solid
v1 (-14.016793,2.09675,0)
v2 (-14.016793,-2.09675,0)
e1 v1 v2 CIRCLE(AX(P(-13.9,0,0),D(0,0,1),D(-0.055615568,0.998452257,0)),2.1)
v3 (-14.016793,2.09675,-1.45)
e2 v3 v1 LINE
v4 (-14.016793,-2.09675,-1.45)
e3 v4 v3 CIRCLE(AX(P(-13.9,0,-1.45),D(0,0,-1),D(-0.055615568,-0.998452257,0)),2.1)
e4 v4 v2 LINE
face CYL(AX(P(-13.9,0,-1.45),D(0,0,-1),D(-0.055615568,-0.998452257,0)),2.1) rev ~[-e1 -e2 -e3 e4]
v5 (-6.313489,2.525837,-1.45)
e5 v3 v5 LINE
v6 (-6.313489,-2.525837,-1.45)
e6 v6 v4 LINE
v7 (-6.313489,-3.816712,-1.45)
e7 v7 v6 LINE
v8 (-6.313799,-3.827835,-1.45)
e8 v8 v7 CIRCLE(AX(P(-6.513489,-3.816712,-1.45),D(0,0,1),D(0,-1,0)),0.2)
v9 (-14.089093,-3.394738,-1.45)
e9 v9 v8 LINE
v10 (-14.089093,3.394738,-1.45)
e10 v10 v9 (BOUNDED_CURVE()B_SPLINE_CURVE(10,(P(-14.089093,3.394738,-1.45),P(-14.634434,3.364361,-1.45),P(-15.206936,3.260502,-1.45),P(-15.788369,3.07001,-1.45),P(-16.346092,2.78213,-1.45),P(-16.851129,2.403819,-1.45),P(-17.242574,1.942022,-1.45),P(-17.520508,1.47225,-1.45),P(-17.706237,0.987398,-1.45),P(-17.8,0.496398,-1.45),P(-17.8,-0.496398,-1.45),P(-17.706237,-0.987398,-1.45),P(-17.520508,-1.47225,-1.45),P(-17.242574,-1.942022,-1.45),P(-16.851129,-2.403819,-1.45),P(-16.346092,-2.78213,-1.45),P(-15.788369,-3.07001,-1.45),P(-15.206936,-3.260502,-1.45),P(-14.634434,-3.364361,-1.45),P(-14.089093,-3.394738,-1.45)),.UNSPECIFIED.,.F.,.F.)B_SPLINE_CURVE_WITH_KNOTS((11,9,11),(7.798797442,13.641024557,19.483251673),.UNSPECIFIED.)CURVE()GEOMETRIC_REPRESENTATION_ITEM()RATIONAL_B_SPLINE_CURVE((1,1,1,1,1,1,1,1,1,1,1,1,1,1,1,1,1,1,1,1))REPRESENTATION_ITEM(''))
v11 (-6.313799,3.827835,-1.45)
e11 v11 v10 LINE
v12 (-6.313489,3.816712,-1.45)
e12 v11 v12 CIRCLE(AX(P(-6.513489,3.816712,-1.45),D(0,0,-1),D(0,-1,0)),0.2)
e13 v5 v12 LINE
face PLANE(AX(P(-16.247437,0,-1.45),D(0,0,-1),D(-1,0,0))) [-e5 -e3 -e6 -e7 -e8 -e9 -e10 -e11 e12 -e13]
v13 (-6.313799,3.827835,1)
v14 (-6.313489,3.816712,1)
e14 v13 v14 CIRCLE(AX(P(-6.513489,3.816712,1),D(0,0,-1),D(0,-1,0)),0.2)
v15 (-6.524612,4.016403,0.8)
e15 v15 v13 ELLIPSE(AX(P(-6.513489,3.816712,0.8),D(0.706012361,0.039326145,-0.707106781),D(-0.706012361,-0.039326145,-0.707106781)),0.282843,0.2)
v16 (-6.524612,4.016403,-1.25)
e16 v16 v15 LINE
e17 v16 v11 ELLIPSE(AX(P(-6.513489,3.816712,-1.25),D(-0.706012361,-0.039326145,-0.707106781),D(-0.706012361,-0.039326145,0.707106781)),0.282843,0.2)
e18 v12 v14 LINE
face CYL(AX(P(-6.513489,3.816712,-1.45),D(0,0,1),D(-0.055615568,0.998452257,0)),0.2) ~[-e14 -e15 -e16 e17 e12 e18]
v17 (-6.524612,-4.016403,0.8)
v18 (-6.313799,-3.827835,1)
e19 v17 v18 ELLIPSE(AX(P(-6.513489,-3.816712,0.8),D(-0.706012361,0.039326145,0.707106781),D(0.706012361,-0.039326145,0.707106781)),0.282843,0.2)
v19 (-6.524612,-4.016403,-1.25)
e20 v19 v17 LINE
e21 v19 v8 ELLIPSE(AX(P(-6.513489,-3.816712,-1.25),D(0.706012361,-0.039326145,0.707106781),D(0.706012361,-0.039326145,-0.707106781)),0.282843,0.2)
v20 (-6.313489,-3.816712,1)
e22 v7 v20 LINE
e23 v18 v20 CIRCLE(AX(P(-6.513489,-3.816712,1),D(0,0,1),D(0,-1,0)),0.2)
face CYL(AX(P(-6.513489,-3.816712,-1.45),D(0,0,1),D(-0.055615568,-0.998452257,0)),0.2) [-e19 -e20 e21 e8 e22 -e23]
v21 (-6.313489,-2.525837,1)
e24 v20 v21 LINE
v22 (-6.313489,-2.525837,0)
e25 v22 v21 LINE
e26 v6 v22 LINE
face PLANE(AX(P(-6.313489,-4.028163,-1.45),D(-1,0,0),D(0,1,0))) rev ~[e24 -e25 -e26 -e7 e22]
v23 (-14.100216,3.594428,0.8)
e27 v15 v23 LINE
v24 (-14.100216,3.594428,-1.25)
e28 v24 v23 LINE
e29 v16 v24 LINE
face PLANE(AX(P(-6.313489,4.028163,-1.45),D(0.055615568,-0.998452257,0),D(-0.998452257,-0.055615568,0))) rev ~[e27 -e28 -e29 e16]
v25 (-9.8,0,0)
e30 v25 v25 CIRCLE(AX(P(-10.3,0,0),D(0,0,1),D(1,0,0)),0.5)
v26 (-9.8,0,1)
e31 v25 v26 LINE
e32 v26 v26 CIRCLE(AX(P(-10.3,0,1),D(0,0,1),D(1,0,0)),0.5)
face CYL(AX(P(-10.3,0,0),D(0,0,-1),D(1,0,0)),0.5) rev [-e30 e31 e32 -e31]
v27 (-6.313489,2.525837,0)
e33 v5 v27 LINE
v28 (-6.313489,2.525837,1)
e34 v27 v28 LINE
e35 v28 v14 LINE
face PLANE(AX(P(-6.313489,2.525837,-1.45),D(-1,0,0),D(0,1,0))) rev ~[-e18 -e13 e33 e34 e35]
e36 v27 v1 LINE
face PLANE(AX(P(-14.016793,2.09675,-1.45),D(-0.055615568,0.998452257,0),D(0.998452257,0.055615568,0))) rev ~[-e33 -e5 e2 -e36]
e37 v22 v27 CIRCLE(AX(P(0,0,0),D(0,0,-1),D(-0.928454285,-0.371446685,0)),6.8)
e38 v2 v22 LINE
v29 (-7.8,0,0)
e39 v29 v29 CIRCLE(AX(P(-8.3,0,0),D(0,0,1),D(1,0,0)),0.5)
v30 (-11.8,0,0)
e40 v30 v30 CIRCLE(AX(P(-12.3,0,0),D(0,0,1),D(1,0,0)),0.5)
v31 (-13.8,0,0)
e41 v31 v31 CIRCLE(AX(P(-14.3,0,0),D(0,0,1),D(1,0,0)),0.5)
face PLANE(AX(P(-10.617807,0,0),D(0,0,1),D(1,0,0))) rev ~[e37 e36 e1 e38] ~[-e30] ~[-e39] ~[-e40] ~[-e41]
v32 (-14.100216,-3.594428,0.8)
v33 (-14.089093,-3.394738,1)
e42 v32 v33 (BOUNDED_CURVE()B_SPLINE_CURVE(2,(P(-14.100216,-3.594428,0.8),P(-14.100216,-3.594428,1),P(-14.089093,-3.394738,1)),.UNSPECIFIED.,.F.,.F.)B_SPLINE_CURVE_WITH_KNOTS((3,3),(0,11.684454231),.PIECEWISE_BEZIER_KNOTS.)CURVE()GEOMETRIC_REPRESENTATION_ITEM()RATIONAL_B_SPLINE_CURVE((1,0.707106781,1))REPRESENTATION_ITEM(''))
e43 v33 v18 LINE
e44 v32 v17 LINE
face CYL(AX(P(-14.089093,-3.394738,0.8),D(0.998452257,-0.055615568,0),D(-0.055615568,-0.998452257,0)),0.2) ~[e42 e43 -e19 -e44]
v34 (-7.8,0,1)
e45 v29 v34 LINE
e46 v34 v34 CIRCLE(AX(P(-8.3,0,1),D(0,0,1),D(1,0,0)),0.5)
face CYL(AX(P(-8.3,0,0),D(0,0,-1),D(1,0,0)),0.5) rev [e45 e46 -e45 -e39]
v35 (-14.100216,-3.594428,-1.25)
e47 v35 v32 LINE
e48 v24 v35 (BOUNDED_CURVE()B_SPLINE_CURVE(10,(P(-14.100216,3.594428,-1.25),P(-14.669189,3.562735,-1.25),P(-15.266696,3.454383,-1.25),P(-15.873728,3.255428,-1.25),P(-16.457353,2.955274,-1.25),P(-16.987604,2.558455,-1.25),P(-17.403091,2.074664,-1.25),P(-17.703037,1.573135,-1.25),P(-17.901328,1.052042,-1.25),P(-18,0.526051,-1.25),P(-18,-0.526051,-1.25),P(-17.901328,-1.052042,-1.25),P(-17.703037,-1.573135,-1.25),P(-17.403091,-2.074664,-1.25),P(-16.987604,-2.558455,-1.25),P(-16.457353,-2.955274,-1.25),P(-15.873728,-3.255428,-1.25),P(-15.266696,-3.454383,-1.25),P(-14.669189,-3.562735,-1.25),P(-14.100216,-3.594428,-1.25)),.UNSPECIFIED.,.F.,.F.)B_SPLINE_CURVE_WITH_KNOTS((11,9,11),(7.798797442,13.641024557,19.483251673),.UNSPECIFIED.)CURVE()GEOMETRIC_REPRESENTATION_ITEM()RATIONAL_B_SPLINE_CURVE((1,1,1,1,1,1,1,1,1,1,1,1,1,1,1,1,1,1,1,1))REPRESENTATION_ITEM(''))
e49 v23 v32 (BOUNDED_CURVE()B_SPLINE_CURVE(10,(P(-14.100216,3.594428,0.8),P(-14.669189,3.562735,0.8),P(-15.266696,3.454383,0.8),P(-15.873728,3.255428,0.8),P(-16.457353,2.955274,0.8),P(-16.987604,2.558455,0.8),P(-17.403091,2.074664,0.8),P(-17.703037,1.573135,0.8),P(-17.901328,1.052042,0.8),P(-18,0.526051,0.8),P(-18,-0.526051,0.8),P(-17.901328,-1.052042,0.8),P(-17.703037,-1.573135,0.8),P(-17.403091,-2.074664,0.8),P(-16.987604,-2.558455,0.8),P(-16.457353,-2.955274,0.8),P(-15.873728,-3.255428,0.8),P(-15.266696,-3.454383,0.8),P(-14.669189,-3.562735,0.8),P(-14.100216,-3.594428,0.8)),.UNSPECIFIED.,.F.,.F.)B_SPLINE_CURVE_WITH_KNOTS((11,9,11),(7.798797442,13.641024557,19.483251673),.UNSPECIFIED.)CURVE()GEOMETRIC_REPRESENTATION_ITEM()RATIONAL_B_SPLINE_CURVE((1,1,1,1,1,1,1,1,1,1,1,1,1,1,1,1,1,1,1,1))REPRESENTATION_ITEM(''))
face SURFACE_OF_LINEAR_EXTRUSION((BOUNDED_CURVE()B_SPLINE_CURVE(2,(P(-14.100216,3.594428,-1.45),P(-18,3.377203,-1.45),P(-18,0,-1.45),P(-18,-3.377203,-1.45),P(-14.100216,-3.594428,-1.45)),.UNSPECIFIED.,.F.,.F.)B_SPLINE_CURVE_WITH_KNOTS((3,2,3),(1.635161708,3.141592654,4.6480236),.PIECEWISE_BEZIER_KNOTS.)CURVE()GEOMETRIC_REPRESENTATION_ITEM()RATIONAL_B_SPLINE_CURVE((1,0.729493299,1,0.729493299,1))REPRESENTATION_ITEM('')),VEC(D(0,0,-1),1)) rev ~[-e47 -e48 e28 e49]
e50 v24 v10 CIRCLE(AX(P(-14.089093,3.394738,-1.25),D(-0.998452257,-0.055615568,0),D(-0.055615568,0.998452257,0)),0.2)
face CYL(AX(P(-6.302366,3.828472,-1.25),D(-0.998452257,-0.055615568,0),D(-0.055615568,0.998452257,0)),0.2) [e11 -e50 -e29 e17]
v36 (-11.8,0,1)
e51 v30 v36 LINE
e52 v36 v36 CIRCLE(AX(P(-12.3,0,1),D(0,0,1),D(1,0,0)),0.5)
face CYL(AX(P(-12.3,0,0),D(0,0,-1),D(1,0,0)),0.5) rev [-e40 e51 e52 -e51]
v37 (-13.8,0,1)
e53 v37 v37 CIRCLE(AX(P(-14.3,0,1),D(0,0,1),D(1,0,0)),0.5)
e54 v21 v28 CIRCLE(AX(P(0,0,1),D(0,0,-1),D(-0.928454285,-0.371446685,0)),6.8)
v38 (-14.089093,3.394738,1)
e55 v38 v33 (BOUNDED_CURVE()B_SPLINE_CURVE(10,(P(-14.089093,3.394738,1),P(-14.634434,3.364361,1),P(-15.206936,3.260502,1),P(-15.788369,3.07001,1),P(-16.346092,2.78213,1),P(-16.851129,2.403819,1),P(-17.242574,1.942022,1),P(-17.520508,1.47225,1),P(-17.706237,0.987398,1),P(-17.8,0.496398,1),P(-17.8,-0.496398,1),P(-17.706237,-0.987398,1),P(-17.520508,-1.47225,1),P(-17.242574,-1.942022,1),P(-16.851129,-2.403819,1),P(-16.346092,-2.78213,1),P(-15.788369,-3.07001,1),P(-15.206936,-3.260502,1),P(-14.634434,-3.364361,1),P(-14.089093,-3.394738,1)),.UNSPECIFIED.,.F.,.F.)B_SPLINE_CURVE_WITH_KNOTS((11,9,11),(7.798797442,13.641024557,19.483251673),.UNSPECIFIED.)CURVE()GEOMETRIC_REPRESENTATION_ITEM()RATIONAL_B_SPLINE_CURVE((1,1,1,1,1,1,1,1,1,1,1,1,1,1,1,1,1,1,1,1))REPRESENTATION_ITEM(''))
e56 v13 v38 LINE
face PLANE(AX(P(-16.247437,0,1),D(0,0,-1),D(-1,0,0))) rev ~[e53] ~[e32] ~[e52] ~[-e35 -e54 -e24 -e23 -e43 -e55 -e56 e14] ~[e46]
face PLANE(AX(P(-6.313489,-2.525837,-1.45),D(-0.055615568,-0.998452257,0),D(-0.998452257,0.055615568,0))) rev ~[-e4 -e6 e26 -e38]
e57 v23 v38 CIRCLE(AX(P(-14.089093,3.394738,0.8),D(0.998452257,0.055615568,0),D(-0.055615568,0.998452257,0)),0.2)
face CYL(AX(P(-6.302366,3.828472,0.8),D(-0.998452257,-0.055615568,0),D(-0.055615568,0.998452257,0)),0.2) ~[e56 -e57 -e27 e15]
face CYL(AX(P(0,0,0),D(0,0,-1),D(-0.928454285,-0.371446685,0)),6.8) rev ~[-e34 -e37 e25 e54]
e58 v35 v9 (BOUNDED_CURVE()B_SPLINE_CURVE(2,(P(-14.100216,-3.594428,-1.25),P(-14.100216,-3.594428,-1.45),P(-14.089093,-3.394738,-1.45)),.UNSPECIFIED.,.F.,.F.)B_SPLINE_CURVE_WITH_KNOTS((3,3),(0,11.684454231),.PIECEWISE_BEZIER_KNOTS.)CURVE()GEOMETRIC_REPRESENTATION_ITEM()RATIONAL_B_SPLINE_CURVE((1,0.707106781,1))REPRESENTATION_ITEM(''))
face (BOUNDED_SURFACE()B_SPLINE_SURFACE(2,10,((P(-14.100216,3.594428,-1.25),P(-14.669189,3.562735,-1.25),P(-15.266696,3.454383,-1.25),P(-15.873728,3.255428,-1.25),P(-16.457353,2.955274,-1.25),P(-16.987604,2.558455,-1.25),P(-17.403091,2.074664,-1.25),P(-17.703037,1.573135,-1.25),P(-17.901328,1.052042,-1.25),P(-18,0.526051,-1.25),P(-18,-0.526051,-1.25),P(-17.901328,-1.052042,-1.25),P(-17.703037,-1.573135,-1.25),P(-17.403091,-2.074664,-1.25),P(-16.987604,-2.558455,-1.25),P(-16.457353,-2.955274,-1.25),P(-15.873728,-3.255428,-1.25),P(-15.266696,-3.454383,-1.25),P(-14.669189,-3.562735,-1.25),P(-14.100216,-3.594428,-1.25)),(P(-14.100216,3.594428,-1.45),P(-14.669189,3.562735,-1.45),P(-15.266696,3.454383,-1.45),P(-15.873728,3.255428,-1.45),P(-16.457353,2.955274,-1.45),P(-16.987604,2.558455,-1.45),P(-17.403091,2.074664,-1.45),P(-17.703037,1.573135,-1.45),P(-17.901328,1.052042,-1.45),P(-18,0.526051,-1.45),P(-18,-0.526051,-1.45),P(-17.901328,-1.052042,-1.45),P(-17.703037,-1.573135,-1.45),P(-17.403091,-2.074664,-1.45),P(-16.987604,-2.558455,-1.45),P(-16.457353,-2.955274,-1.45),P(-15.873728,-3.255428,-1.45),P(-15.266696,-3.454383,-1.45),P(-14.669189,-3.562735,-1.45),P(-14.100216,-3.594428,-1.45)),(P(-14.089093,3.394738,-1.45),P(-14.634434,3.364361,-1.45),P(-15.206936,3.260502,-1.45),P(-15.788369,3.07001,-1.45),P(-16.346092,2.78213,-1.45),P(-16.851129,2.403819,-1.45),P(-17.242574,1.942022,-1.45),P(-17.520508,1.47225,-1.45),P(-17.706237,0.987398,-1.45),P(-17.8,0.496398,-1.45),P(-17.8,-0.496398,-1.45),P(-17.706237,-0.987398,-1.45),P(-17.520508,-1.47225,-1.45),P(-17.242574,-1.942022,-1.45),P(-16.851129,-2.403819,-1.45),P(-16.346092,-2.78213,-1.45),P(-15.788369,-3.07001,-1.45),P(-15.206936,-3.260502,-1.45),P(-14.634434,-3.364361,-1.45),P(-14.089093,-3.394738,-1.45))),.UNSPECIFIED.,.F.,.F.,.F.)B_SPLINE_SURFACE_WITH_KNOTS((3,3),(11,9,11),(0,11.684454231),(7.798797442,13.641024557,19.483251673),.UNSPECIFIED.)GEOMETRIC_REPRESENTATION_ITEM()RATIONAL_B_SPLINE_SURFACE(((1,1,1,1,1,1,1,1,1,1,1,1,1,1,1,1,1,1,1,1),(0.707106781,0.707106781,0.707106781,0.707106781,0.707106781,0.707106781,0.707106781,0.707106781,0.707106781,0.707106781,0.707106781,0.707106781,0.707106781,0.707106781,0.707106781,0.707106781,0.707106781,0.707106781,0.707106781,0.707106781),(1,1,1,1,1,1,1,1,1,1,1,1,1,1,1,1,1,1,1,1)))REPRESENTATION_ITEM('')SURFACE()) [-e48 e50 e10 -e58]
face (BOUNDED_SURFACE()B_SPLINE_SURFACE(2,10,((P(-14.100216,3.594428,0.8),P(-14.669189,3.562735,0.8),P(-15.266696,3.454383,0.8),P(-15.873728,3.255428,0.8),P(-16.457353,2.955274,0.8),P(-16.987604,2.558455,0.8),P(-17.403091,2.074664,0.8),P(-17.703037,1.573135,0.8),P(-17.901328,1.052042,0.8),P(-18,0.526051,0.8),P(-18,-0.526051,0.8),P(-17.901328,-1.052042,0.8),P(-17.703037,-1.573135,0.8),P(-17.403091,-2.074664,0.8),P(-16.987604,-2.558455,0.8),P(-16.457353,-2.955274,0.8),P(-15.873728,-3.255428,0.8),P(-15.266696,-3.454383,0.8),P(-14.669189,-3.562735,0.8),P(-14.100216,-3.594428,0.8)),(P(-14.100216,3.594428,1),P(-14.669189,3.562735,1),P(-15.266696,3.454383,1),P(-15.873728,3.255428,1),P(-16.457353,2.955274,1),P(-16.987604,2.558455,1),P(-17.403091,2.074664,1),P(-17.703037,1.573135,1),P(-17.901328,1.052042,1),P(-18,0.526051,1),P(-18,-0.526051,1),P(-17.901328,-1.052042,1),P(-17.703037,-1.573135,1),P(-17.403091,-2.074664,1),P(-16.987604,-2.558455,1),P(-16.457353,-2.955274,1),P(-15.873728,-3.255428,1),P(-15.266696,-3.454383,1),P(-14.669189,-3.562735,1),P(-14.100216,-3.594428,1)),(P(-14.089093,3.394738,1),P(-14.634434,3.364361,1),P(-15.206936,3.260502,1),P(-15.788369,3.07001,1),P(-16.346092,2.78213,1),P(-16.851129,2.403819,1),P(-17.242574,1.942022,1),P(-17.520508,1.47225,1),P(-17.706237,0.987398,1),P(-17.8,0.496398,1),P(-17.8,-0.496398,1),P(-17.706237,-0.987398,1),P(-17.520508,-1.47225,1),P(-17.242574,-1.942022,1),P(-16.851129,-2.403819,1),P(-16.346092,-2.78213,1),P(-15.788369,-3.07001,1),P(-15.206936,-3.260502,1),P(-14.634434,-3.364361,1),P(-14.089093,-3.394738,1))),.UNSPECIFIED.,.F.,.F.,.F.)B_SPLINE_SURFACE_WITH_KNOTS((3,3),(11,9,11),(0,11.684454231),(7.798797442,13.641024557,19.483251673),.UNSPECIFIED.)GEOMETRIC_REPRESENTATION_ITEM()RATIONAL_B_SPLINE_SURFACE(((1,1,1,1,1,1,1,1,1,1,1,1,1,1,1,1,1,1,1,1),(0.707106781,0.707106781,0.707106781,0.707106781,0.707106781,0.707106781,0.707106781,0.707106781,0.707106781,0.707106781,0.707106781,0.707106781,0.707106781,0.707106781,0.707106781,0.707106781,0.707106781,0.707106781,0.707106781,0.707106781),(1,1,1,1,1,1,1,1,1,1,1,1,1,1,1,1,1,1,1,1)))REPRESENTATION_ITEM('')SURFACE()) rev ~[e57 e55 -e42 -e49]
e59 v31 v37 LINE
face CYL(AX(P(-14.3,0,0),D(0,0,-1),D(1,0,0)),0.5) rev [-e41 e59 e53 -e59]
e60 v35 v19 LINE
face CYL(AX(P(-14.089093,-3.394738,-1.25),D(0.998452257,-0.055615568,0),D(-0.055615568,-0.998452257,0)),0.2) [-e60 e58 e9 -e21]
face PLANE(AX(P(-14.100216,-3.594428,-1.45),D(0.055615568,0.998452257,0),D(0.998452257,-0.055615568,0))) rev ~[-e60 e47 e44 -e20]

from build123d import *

# Parameters (mm, degrees)
SKETCH_1_R         = 0.5
EXTRUDE_1_DEPTH    = 1
EXTRUDE_START      = -2.45
EXTRUDE_2_DEPTH    = 2.45
EXTRUDE_1388_DEPTH = 2.45
FILLET_1_R         = 0.2


with BuildPart() as part:
    # 草图1 → 凸台-拉伸1 (new body)
    with BuildSketch(Plane.XY):
        with BuildLine():
            Line((-14.016792693, -2.096749739), (-6.313489141, -2.525837459))
            ThreePointArc((-6.313489141, -2.525837459), (-6.8, 0), (-6.313489141, 2.525837459))
            Line((-6.313489141, 2.525837459), (-14.016792693, 2.096749739))
            ThreePointArc((-14.016792693, 2.096749739), (-16, 0), (-14.016792693, -2.096749739))
        make_face()
        with Locations((-10.3, 0)):
            Circle(SKETCH_1_R, mode=Mode.SUBTRACT)
        with Locations((-14.3, 0)):
            Circle(SKETCH_1_R, mode=Mode.SUBTRACT)
        with Locations((-8.3, 0)):
            Circle(SKETCH_1_R, mode=Mode.SUBTRACT)
        with Locations((-12.3, 0)):
            Circle(SKETCH_1_R, mode=Mode.SUBTRACT)
    extrude(amount=EXTRUDE_1_DEPTH)

    # 草图3 → 凸台-拉伸2 (add)
    with BuildSketch(Plane.XY.offset(1).offset(EXTRUDE_START)):
        with BuildLine():
            Line((-6.313489141, 4.028162673), (-14.100216045, 3.594428124))
            ThreePointArc((-14.100216045, 3.594428124), (-17.5, 0), (-14.100216045, -3.594428124))
            Line((-14.100216045, -3.594428124), (-6.313489141, -4.028162673))
            Line((-6.313489141, -4.028162673), (-6.313489141, -2.525837459))
            Line((-6.313489141, -2.525837459), (-14.016792693, -2.096749739))
            ThreePointArc((-14.016792693, -2.096749739), (-16, 0), (-14.016792693, 2.096749739))
            Line((-14.016792693, 2.096749739), (-6.313489141, 2.525837459))
            Line((-6.313489141, 2.525837459), (-6.313489141, 4.028162673))
        make_face()
    extrude(amount=EXTRUDE_2_DEPTH)

    # 草图4 → Extrude 1388 (add)
    with BuildSketch(Plane.XY.offset(1).offset(EXTRUDE_START)):
        with BuildLine():
            ThreePointArc((-14.100216045, 3.594428124), (-17.5, 0), (-14.100216045, -3.594428124))
            add(Edge.make_bspline(
                [(-14.100216045, 3.594428124), (-18, 3.377203216), (-18, 0), (-18, -3.377203216), (-14.100216045, -3.594428124)],
                knots=[1.635161708, 1.635161708, 1.635161708, 3.141592654, 3.141592654, 4.6480236, 4.6480236, 4.6480236], degree=2, weights=[1, 0.729493299, 1, 0.729493299, 1]))
        make_face()
    extrude(amount=EXTRUDE_1388_DEPTH)

    # 圆角1
    fillet_1_edges = [part.edges().sort_by_distance(p)[0] for p in [
        (-10.206852593, 3.811295398, 1),
        (-10.206852593, -3.811295398, 1),
        (-10.206852593, -3.811295398, -1.45),
        (-6.313489141, -4.028162673, -0.225),
        (-6.313489141, 4.028162673, -0.225),
        (-10.206852593, 3.811295398, -1.45),
        (-18, 0, 1),
        (-18, 0, -1.45),
    ]]
    fillet(fillet_1_edges, radius=FILLET_1_R)


solid = part.part
